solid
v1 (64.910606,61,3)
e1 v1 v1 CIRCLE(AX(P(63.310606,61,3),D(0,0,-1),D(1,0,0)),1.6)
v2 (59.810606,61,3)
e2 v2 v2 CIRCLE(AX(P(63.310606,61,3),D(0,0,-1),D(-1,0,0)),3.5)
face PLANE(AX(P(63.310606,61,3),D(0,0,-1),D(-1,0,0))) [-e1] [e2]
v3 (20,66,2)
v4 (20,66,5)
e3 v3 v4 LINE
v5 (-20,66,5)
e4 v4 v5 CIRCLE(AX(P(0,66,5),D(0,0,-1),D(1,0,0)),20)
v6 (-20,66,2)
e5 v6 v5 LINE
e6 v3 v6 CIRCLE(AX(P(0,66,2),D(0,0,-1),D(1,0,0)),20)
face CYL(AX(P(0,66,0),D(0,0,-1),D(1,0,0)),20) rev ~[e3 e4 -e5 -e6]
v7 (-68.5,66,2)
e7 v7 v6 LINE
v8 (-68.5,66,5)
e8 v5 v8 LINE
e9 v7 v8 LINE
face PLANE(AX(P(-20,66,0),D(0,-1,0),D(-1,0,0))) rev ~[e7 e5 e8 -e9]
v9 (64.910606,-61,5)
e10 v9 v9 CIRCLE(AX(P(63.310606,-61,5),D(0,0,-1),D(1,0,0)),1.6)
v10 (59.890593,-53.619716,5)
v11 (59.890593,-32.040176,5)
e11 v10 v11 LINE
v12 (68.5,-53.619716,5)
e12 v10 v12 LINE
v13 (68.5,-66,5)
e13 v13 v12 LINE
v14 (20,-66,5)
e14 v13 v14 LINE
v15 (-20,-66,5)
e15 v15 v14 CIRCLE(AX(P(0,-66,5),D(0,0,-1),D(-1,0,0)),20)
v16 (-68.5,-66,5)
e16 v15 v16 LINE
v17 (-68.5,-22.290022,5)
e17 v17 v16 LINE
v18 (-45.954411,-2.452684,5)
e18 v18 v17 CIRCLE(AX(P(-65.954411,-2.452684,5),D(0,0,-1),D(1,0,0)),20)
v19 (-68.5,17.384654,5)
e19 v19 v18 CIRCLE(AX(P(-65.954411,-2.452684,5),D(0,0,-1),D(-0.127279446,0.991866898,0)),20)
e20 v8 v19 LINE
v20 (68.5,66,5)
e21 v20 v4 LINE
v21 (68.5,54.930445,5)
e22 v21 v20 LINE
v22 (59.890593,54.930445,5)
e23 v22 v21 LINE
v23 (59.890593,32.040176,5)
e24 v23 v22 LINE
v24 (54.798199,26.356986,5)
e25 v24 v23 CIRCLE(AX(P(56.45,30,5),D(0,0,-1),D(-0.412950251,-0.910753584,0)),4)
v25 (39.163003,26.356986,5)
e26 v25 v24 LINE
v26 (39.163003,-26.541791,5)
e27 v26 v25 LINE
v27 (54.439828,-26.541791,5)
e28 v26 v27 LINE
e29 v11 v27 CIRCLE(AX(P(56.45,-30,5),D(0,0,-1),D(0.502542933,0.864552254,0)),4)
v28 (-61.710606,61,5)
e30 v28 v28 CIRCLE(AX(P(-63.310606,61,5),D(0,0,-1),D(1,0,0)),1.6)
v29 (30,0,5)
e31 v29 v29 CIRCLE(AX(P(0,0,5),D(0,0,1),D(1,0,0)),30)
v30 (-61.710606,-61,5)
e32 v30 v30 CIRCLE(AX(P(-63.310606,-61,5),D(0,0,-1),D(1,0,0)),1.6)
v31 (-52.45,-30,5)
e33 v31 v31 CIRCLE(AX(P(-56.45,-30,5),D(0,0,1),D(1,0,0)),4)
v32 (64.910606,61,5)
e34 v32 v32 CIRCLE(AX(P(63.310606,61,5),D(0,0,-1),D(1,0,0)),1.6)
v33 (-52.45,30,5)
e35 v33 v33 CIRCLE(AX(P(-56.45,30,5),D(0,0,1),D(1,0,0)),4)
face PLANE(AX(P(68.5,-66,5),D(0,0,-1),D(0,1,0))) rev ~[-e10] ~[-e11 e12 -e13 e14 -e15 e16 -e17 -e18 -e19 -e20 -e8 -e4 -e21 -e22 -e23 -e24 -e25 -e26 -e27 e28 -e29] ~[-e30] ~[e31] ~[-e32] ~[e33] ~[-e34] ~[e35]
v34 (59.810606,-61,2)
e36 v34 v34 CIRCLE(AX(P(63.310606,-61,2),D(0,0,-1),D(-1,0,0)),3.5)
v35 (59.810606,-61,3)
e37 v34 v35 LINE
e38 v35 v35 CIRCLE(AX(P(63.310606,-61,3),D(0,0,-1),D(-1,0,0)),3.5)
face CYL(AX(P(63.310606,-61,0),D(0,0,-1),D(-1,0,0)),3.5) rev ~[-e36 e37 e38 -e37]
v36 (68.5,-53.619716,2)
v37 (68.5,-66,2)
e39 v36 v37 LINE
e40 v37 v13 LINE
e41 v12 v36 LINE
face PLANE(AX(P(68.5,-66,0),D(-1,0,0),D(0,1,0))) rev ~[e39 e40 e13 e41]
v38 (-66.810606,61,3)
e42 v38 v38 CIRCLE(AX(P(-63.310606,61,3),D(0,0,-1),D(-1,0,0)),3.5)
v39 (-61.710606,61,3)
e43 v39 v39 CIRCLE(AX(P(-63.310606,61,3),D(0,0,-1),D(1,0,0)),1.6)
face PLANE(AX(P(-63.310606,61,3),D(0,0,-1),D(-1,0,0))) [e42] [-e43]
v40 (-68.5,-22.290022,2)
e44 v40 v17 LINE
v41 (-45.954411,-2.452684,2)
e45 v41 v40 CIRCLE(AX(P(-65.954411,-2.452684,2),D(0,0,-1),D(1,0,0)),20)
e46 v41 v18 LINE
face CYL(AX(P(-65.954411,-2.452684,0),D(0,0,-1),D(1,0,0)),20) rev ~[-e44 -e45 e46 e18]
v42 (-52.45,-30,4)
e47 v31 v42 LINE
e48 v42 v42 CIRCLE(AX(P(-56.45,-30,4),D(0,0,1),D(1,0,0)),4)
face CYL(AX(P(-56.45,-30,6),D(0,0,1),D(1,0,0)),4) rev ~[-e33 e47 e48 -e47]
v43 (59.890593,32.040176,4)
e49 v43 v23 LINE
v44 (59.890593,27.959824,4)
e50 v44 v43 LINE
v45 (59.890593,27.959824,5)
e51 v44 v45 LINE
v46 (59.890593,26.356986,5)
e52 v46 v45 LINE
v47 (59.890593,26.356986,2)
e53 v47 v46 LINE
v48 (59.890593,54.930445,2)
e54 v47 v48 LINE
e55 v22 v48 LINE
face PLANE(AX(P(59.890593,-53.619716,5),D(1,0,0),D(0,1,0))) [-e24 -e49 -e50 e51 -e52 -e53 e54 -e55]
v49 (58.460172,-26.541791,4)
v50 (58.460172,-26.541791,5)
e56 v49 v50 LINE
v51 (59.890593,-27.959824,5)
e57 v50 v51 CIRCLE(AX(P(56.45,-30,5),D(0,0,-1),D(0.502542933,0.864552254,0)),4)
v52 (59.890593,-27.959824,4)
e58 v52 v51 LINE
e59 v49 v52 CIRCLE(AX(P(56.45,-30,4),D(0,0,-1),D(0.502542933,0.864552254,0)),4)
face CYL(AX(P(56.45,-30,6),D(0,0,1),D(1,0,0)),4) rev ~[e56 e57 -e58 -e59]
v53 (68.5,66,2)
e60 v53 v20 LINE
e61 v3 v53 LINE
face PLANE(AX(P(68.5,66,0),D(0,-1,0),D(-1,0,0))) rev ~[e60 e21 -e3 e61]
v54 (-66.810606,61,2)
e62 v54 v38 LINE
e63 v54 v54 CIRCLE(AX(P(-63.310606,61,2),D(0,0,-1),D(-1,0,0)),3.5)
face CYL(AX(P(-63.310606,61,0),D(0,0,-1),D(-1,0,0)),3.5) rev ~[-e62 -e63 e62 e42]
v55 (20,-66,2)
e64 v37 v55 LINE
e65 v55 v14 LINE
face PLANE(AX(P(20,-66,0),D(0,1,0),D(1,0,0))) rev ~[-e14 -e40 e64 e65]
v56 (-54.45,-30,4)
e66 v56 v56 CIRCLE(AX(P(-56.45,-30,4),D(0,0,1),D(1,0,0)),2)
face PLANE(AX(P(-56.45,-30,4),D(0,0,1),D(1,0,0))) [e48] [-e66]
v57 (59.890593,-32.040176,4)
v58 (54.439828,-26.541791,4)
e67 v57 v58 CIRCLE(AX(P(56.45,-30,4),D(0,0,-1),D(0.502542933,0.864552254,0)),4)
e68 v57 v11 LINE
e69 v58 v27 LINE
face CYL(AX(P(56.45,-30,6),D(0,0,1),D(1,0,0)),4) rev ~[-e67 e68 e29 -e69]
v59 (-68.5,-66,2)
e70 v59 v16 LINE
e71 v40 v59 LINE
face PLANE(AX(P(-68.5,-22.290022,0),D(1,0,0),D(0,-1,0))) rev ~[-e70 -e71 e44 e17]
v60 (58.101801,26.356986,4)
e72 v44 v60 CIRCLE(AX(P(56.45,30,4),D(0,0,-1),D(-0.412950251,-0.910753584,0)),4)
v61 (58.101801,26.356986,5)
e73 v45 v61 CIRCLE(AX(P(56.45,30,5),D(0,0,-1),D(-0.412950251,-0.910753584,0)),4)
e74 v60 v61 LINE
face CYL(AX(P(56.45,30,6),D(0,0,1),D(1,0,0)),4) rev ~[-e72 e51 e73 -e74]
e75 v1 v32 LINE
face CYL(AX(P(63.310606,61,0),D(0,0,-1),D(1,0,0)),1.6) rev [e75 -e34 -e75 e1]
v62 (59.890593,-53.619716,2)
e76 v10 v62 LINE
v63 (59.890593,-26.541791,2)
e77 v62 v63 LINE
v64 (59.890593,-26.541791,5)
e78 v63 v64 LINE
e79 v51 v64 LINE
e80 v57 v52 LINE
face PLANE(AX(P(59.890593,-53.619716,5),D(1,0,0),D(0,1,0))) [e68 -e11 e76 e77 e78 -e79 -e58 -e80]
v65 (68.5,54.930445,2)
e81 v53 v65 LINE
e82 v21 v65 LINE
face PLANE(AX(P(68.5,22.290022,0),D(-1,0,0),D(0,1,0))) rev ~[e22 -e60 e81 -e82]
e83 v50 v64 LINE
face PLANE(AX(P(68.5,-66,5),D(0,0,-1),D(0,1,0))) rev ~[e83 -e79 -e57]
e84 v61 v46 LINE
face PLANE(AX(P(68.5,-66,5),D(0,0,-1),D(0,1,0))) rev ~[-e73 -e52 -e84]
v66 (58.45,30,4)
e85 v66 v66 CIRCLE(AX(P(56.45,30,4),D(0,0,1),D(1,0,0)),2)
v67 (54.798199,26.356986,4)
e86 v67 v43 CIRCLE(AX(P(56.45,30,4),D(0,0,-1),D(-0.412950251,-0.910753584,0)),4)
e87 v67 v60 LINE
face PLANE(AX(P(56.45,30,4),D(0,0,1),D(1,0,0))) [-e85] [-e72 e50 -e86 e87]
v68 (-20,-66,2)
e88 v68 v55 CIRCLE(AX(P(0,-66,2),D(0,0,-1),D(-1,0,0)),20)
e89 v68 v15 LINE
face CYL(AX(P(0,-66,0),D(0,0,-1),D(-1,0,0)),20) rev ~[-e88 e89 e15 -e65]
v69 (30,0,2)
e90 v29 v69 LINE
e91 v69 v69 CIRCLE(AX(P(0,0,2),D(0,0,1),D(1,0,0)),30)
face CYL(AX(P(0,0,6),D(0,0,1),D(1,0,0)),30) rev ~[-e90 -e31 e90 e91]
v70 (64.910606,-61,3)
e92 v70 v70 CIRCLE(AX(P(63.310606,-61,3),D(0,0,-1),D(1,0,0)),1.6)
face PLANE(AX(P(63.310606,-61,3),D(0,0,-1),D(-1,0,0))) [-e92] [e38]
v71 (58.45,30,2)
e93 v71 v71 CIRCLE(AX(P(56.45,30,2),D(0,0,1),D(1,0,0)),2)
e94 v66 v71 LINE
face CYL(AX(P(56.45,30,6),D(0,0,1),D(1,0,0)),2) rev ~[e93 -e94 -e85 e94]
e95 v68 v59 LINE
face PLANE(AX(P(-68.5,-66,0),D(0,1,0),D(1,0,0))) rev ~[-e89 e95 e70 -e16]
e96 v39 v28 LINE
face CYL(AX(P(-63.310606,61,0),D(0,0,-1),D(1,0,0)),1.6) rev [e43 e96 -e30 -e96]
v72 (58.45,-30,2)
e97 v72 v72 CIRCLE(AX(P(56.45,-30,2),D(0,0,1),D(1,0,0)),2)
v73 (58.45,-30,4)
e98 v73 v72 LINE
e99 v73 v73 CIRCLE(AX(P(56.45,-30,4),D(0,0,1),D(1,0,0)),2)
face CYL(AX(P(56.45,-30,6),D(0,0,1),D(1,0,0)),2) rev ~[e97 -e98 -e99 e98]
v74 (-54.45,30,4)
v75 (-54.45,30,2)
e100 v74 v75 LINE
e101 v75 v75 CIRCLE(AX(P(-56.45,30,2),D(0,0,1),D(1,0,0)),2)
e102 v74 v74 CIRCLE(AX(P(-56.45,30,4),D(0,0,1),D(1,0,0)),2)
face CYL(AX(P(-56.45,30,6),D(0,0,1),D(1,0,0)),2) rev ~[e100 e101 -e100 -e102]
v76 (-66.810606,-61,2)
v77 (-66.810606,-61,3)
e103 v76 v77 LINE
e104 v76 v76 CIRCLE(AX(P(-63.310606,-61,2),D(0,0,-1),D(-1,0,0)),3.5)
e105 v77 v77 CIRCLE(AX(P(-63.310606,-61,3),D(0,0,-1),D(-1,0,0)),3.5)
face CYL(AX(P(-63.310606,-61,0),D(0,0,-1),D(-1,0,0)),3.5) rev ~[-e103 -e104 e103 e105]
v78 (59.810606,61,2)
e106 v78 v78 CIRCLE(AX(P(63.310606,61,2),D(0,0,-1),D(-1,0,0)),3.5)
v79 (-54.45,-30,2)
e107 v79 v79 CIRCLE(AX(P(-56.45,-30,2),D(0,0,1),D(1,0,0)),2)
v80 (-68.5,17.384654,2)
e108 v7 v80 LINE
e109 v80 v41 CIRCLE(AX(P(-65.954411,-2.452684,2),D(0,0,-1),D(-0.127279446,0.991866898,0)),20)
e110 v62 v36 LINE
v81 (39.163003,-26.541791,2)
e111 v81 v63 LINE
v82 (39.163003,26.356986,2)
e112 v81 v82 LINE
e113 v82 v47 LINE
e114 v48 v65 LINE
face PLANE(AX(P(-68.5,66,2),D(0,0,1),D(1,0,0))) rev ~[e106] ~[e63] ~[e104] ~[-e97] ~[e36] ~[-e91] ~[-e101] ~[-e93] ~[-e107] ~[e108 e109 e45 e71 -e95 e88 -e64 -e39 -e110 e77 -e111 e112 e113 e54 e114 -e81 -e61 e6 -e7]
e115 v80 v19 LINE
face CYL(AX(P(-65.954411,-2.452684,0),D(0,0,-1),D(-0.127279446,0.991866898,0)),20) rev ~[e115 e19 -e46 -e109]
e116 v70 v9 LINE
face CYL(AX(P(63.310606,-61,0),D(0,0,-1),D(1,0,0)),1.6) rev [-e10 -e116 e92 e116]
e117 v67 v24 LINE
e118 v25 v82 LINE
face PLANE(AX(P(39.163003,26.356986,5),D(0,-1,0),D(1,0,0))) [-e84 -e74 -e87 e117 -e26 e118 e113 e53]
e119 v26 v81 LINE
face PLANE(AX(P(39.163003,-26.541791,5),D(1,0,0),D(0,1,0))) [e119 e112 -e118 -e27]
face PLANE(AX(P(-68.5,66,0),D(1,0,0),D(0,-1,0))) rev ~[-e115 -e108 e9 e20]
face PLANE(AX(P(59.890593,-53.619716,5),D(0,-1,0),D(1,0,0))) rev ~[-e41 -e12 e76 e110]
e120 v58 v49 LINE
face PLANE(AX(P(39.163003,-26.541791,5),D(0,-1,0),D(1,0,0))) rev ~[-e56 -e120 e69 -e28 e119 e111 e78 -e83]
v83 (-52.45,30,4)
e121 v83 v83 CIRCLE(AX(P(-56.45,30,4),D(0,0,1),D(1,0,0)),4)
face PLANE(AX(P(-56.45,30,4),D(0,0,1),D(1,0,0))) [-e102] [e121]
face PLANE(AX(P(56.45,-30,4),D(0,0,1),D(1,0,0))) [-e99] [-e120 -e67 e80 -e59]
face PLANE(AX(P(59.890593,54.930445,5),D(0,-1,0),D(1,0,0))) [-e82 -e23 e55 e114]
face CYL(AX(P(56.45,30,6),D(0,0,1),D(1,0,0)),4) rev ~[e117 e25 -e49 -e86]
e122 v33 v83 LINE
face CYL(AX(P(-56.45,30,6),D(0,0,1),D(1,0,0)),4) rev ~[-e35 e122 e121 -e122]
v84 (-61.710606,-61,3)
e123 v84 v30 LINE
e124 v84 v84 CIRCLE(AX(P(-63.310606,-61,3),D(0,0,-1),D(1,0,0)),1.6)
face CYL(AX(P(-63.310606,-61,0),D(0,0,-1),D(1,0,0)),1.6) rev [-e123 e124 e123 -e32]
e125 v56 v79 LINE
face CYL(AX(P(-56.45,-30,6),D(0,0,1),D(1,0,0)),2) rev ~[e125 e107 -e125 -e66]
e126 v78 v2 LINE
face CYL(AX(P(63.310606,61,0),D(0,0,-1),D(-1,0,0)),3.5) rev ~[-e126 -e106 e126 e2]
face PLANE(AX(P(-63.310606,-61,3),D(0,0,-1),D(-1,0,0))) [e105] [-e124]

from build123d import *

# Parameters (mm, degrees)
SKETCH_1_R           = 1.6
EXTRUDE_1_DEPTH      = 6
SKETCH_2_R           = 30
CUT_EXTRUDE_1_DEPTH  = 13
SKETCH_3_R           = 3.5
CUT_EXTRUDE_2_DEPTH  = 3
SKETCH_5_R           = 2
CUT_EXTRUDE_3_DEPTH  = 23.5
SKETCH_6_R           = 4
CUT_EXTRUDE_4_DEPTH  = 2
CUT_EXTRUDE_6_REACH  = 134
SKETCH_8_W           = 137
SKETCH_8_H           = 2
CUT_EXTRUDE_7_REACH  = 139
SKETCH_9_W           = 1
SKETCH_9_H           = 132
SKETCH_10_W          = 29.336996967
SKETCH_10_H          = 52.898776648
CUT_EXTRUDE_11_DEPTH = 10
SKETCH_11_W          = 8.60940703
SKETCH_11_H          = 108.550160487
CUT_EXTRUDE_12_DEPTH = 10


with BuildPart() as part:
    # 草图1 → 凸台-拉伸1 (new body)
    with BuildSketch(Plane.XY):
        with BuildLine():
            Line((68.5, 66), (20, 66))
            ThreePointArc((20, 66), (0, 46), (-20, 66))
            Line((-20, 66), (-68.5, 66))
            Line((-68.5, 66), (-68.5, 17.384653731))
            ThreePointArc((-68.5, 17.384653731), (-52.74289675, 12.562504398), (-45.954411074, -2.452684221))
            ThreePointArc((-45.954411074, -2.452684221), (-52.74289675, -17.46787284), (-68.5, -22.290022173))
            Line((-68.5, -22.290022173), (-68.5, -66))
            Line((-68.5, -66), (-20, -66))
            ThreePointArc((-20, -66), (0, -46), (20, -66))
            Line((20, -66), (68.5, -66))
            Line((68.5, -66), (68.5, -17.384653731))
            ThreePointArc((68.5, -17.384653731), (45.954411074, 2.452684221), (68.5, 22.290022173))
            Line((68.5, 22.290022173), (68.5, 66))
        make_face()
        with Locations((-63.310606061, -61)):
            Circle(SKETCH_1_R, mode=Mode.SUBTRACT)
        with Locations((63.310606061, -61)):
            Circle(SKETCH_1_R, mode=Mode.SUBTRACT)
        with Locations((-63.310606061, 61)):
            Circle(SKETCH_1_R, mode=Mode.SUBTRACT)
        with Locations((63.310606061, 61)):
            Circle(SKETCH_1_R, mode=Mode.SUBTRACT)
    extrude(amount=EXTRUDE_1_DEPTH)

    # 草图2 → 切除-拉伸1 (cut)
    with BuildSketch(Plane.XY.offset(6)):
        Circle(SKETCH_2_R)
    extrude(amount=-CUT_EXTRUDE_1_DEPTH, mode=Mode.SUBTRACT)

    # 草图3 → 切除-拉伸2 (cut)
    with BuildSketch(Plane(origin=(0, 0, 0), x_dir=(-1, 0, 0), z_dir=(0, 0, -1))):
        with Locations((-63.310606061, 61)):
            Circle(SKETCH_3_R)
        with Locations((63.310606061, 61)):
            Circle(SKETCH_3_R)
        with Locations((-63.310606061, -61)):
            Circle(SKETCH_3_R)
        with Locations((63.310606061, -61)):
            Circle(SKETCH_3_R)
    extrude(amount=-CUT_EXTRUDE_2_DEPTH, mode=Mode.SUBTRACT)

    # 草图5 → 切除-拉伸3 (cut)
    with BuildSketch(Plane.XY.offset(6)):
        with Locations((56.45, 30)):
            Circle(SKETCH_5_R)
        with Locations((-56.45, 30)):
            Circle(SKETCH_5_R)
        with Locations((-56.45, -30)):
            Circle(SKETCH_5_R)
        with Locations((56.45, -30)):
            Circle(SKETCH_5_R)
    extrude(amount=-CUT_EXTRUDE_3_DEPTH, mode=Mode.SUBTRACT)

    # 草图6 → 切除-拉伸4 (cut)
    with BuildSketch(Plane.XY.offset(6)):
        with Locations((56.45, 30)):
            Circle(SKETCH_6_R)
        with Locations((56.45, -30)):
            Circle(SKETCH_6_R)
        with Locations((-56.45, -30)):
            Circle(SKETCH_6_R)
        with Locations((-56.45, 30)):
            Circle(SKETCH_6_R)
    extrude(amount=-CUT_EXTRUDE_4_DEPTH, mode=Mode.SUBTRACT)

    # 草图8 → 切除-拉伸6 (cut, up to next)
    with BuildSketch(Plane(origin=(0, 66, 0), x_dir=(1, 0, 0), z_dir=(0, 1, 0)), mode=Mode.PRIVATE) as cut_extrude_6_sk1:
        with Locations((0, -1)):
            Rectangle(SKETCH_8_W, SKETCH_8_H)
    cut_extrude_6_tool1 = extrude(cut_extrude_6_sk1.sketch, amount=-CUT_EXTRUDE_6_REACH, mode=Mode.PRIVATE) & part.part
    add(cut_extrude_6_tool1.solids().sort_by_distance((0, 66, 1))[0], mode=Mode.SUBTRACT)

    # 草图9 → 切除-拉伸7 (cut, up to next)
    with BuildSketch(Plane(origin=(68.5, 0, 0), x_dir=(0, 0, -1), z_dir=(1, 0, 0)), mode=Mode.PRIVATE) as cut_extrude_7_sk1:
        with Locations((-5.5, 0)):
            Rectangle(SKETCH_9_W, SKETCH_9_H)
    cut_extrude_7_tool1 = extrude(cut_extrude_7_sk1.sketch, amount=-CUT_EXTRUDE_7_REACH, mode=Mode.PRIVATE) & part.part
    add(cut_extrude_7_tool1.solids().sort_by_distance((68.5, 0, 5.5))[0], mode=Mode.SUBTRACT)

    # 草图10 → 切除-拉伸11 (cut)
    with BuildSketch(Plane.XY.offset(5)):
        with Locations((53.831501516, -0.092402659)):
            Rectangle(SKETCH_10_W, SKETCH_10_H)
    extrude(amount=-CUT_EXTRUDE_11_DEPTH, mode=Mode.SUBTRACT)

    # 草图11 → 切除-拉伸12 (cut)
    with BuildSketch(Plane.XY.offset(5)):
        with Locations((64.195296485, 0.655364597)):
            Rectangle(SKETCH_11_W, SKETCH_11_H)
    extrude(amount=-CUT_EXTRUDE_12_DEPTH, mode=Mode.SUBTRACT)


solid = part.part
